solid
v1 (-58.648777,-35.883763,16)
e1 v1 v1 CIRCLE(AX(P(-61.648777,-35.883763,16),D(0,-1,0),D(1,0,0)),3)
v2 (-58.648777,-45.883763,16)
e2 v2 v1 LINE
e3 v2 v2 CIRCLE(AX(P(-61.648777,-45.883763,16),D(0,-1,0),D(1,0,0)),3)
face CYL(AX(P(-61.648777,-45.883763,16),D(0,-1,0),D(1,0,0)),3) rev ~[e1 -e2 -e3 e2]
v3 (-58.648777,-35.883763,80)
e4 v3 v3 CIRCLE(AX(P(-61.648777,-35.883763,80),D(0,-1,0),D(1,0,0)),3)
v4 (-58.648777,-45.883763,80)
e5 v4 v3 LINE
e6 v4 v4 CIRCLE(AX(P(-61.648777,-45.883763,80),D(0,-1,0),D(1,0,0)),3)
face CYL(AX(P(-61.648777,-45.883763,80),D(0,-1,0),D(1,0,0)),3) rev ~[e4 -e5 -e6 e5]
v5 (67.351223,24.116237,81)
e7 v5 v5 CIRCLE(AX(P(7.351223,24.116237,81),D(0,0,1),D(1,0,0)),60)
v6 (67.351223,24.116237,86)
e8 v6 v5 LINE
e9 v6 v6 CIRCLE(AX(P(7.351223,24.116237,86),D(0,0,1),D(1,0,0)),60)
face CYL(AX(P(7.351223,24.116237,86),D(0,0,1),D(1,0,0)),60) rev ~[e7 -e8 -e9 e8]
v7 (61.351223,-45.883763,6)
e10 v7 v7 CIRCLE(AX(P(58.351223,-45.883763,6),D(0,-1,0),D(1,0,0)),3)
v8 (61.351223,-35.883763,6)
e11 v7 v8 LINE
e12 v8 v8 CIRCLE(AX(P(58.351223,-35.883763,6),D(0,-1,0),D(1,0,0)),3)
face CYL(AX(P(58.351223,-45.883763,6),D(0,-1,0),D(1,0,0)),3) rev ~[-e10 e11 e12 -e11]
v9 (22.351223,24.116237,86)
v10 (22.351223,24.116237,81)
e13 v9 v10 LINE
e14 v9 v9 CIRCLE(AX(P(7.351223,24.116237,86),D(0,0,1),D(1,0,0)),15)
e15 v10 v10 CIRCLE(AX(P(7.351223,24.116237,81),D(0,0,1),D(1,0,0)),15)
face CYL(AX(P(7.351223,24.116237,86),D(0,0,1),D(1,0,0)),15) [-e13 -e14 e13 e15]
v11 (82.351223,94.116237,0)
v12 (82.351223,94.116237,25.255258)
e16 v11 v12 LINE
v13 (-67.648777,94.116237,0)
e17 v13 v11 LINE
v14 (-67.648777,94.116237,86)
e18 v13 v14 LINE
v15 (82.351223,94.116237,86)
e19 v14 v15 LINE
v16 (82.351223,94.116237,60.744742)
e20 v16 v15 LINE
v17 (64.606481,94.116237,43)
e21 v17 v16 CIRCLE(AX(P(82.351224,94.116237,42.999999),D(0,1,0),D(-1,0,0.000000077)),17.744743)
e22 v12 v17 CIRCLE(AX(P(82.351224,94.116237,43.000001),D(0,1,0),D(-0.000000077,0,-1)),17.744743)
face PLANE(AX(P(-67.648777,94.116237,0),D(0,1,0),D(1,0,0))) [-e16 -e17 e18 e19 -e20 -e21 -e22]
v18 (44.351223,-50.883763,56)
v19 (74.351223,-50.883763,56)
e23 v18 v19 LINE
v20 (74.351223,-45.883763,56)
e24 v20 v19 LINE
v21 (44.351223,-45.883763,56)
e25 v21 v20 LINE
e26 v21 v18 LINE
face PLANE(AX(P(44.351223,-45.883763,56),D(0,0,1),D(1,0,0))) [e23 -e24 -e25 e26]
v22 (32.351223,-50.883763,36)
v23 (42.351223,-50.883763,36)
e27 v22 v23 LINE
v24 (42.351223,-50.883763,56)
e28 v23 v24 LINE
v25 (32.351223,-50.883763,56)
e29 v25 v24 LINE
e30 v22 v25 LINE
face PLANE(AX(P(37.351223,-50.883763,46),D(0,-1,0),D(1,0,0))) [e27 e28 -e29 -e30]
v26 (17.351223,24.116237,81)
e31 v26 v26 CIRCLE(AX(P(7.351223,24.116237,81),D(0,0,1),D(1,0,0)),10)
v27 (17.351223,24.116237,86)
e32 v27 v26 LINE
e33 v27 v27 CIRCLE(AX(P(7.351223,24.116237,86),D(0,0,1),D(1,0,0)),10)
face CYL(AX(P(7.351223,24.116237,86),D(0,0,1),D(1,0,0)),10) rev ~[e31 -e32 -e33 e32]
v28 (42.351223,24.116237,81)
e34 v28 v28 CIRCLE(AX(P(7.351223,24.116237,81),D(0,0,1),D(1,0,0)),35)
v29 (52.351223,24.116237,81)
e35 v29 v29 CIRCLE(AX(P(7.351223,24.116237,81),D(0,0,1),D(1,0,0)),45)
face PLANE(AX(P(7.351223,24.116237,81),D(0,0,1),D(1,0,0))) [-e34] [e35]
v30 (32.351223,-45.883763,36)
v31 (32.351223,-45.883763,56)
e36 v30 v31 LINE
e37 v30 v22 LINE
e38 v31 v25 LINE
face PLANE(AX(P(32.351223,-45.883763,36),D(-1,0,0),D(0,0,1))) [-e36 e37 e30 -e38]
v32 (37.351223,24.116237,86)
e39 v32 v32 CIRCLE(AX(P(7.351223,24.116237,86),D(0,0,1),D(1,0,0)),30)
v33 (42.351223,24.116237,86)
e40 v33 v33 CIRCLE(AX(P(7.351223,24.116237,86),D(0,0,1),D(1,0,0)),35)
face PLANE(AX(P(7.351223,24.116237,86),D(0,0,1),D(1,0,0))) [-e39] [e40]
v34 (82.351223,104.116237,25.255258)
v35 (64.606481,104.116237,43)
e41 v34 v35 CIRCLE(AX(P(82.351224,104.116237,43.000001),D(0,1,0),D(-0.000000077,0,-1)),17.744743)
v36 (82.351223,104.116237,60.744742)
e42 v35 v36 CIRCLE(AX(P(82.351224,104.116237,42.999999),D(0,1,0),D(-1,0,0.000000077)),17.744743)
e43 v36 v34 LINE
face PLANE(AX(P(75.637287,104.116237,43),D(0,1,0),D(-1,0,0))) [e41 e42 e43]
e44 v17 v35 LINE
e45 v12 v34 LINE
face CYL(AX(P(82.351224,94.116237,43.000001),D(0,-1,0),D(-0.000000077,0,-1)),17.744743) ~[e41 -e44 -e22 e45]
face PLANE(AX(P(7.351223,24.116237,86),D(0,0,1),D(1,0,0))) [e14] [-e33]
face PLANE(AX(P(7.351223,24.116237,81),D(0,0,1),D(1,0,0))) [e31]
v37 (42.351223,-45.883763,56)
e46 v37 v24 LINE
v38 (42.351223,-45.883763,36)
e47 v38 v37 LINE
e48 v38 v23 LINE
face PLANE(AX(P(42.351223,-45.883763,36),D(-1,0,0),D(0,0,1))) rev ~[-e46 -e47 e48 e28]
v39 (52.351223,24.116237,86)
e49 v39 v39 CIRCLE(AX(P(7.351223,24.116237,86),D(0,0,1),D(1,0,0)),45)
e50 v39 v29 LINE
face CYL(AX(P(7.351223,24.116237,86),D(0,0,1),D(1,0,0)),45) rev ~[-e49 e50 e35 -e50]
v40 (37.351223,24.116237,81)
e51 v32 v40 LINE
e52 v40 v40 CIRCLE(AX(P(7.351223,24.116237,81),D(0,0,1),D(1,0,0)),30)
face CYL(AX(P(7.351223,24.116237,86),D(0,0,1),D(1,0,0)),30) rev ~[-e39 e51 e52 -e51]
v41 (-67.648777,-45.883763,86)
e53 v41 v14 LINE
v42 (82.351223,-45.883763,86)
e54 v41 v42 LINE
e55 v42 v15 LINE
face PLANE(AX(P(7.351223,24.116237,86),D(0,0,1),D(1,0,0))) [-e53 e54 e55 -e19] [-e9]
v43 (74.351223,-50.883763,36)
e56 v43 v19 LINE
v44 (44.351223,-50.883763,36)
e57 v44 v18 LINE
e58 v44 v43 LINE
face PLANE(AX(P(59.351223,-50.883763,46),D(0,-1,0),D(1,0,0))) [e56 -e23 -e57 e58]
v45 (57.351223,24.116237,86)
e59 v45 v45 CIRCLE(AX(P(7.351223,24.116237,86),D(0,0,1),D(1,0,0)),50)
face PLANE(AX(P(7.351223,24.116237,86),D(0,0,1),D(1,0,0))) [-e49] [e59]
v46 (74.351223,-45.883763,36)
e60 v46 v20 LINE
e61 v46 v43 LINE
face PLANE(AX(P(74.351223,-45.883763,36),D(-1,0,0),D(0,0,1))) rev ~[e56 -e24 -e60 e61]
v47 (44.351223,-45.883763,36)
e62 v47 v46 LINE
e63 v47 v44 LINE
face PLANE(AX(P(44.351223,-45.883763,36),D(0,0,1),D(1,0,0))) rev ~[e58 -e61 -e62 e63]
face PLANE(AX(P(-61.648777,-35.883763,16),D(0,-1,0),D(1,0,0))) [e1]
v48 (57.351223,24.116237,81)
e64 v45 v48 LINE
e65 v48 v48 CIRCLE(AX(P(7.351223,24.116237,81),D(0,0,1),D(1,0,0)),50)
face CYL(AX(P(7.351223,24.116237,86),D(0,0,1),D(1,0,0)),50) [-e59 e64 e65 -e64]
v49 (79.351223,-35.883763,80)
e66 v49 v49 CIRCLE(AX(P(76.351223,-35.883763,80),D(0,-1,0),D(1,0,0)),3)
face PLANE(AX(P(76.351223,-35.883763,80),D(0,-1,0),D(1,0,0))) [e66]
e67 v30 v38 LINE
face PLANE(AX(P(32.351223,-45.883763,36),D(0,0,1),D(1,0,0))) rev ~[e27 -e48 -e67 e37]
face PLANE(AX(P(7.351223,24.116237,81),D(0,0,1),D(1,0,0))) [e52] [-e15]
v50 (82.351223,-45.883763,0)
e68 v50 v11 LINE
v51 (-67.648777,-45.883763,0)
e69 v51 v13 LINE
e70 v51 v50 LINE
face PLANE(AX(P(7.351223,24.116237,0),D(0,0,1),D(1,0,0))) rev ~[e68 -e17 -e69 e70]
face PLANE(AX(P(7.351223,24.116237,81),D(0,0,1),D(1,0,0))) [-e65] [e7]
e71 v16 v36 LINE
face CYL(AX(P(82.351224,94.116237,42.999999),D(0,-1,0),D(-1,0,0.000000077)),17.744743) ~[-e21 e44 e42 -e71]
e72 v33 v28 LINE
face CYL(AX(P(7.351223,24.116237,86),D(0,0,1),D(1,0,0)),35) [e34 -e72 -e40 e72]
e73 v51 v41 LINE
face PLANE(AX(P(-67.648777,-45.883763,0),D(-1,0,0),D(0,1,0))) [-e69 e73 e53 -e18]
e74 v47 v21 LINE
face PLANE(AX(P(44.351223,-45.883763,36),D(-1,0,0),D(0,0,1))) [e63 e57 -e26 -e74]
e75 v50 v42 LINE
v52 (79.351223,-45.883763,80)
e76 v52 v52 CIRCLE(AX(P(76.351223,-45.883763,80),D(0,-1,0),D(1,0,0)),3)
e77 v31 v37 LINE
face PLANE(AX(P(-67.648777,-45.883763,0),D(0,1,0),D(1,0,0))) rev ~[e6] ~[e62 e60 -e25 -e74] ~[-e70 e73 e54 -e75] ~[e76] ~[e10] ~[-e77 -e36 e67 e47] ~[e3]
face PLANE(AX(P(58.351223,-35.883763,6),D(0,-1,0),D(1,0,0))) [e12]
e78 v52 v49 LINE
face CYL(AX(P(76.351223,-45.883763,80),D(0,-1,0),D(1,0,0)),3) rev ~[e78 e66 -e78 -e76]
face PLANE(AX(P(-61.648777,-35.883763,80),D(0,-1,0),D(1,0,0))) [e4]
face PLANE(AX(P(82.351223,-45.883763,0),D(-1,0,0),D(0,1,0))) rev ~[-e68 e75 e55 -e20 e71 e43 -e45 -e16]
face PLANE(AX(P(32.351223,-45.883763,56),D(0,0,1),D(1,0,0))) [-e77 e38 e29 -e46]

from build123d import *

# Parameters (mm, degrees)
F0_W     = 150
F0_H     = 140
F1_DEPTH = 86
F2_R     = 3
F3_DEPTH = 10
F2_W     = 30
F2_H     = 20
F2_W_2   = 10
F4_DEPTH = 5
F5_R     = 60
F5_R_2   = 50
F5_R_3   = 45
F5_R_4   = 35
F5_R_5   = 30
F5_R_6   = 15
F5_R_7   = 10
F6_DEPTH = 5
F8_DEPTH = 10


with BuildPart() as f1:
    # F0 (on Top) → F1 (new body)
    with BuildSketch(Plane.XY):
        with Locations((7.351223, 24.116237)):
            Rectangle(F0_W, F0_H)
    extrude(amount=F1_DEPTH)

    # F2 (on face) → F3 (cut)
    with BuildSketch(Plane.XZ.offset(45.883763)):
        with Locations((-61.648777, 80)):
            Circle(F2_R)
        with Locations((-61.648777, 16)):
            Circle(F2_R)
        with Locations((76.351223, 80)):
            Circle(F2_R)
        with Locations((58.351223, 6)):
            Circle(F2_R)
    extrude(amount=-F3_DEPTH, mode=Mode.SUBTRACT)

    # F2 (on face) → F4 (join)
    with BuildSketch(Plane.XZ.offset(45.883763)):
        with Locations((59.351223, 46)):
            Rectangle(F2_W, F2_H)
        with Locations((37.351223, 46)):
            Rectangle(F2_W_2, F2_H)
    extrude(amount=F4_DEPTH)

    # F5 (on face) → F6 (cut)
    with BuildSketch(Plane.XY.offset(86)):
        with Locations((7.351223, 24.116237)):
            Circle(F5_R)
        with Locations((7.351223, 24.116237)):
            Circle(F5_R_2, mode=Mode.SUBTRACT)
        with Locations((7.351223, 24.116237)):
            Circle(F5_R_3)
        with Locations((7.351223, 24.116237)):
            Circle(F5_R_4, mode=Mode.SUBTRACT)
        with Locations((7.351223, 24.116237)):
            Circle(F5_R_5)
        with Locations((7.351223, 24.116237)):
            Circle(F5_R_6, mode=Mode.SUBTRACT)
        with Locations((7.351223, 24.116237)):
            Circle(F5_R_7)
    extrude(amount=-F6_DEPTH, mode=Mode.SUBTRACT)

    # F7 (on face) → F8 (join)
    with BuildSketch(Plane(origin=(0, 94.116237, 0), x_dir=(-1, 0, 0), z_dir=(0, 1, 0))):
        with BuildLine():
            ThreePointArc((-82.351223, 25.255258), (-69.803796, 30.452573), (-64.606481, 43))
            ThreePointArc((-64.606481, 43), (-69.803796, 55.547427), (-82.351223, 60.744742))
            Line((-82.351223, 60.744742), (-82.351223, 25.255258))
        make_face()
    extrude(amount=F8_DEPTH)


solid = f1.part
